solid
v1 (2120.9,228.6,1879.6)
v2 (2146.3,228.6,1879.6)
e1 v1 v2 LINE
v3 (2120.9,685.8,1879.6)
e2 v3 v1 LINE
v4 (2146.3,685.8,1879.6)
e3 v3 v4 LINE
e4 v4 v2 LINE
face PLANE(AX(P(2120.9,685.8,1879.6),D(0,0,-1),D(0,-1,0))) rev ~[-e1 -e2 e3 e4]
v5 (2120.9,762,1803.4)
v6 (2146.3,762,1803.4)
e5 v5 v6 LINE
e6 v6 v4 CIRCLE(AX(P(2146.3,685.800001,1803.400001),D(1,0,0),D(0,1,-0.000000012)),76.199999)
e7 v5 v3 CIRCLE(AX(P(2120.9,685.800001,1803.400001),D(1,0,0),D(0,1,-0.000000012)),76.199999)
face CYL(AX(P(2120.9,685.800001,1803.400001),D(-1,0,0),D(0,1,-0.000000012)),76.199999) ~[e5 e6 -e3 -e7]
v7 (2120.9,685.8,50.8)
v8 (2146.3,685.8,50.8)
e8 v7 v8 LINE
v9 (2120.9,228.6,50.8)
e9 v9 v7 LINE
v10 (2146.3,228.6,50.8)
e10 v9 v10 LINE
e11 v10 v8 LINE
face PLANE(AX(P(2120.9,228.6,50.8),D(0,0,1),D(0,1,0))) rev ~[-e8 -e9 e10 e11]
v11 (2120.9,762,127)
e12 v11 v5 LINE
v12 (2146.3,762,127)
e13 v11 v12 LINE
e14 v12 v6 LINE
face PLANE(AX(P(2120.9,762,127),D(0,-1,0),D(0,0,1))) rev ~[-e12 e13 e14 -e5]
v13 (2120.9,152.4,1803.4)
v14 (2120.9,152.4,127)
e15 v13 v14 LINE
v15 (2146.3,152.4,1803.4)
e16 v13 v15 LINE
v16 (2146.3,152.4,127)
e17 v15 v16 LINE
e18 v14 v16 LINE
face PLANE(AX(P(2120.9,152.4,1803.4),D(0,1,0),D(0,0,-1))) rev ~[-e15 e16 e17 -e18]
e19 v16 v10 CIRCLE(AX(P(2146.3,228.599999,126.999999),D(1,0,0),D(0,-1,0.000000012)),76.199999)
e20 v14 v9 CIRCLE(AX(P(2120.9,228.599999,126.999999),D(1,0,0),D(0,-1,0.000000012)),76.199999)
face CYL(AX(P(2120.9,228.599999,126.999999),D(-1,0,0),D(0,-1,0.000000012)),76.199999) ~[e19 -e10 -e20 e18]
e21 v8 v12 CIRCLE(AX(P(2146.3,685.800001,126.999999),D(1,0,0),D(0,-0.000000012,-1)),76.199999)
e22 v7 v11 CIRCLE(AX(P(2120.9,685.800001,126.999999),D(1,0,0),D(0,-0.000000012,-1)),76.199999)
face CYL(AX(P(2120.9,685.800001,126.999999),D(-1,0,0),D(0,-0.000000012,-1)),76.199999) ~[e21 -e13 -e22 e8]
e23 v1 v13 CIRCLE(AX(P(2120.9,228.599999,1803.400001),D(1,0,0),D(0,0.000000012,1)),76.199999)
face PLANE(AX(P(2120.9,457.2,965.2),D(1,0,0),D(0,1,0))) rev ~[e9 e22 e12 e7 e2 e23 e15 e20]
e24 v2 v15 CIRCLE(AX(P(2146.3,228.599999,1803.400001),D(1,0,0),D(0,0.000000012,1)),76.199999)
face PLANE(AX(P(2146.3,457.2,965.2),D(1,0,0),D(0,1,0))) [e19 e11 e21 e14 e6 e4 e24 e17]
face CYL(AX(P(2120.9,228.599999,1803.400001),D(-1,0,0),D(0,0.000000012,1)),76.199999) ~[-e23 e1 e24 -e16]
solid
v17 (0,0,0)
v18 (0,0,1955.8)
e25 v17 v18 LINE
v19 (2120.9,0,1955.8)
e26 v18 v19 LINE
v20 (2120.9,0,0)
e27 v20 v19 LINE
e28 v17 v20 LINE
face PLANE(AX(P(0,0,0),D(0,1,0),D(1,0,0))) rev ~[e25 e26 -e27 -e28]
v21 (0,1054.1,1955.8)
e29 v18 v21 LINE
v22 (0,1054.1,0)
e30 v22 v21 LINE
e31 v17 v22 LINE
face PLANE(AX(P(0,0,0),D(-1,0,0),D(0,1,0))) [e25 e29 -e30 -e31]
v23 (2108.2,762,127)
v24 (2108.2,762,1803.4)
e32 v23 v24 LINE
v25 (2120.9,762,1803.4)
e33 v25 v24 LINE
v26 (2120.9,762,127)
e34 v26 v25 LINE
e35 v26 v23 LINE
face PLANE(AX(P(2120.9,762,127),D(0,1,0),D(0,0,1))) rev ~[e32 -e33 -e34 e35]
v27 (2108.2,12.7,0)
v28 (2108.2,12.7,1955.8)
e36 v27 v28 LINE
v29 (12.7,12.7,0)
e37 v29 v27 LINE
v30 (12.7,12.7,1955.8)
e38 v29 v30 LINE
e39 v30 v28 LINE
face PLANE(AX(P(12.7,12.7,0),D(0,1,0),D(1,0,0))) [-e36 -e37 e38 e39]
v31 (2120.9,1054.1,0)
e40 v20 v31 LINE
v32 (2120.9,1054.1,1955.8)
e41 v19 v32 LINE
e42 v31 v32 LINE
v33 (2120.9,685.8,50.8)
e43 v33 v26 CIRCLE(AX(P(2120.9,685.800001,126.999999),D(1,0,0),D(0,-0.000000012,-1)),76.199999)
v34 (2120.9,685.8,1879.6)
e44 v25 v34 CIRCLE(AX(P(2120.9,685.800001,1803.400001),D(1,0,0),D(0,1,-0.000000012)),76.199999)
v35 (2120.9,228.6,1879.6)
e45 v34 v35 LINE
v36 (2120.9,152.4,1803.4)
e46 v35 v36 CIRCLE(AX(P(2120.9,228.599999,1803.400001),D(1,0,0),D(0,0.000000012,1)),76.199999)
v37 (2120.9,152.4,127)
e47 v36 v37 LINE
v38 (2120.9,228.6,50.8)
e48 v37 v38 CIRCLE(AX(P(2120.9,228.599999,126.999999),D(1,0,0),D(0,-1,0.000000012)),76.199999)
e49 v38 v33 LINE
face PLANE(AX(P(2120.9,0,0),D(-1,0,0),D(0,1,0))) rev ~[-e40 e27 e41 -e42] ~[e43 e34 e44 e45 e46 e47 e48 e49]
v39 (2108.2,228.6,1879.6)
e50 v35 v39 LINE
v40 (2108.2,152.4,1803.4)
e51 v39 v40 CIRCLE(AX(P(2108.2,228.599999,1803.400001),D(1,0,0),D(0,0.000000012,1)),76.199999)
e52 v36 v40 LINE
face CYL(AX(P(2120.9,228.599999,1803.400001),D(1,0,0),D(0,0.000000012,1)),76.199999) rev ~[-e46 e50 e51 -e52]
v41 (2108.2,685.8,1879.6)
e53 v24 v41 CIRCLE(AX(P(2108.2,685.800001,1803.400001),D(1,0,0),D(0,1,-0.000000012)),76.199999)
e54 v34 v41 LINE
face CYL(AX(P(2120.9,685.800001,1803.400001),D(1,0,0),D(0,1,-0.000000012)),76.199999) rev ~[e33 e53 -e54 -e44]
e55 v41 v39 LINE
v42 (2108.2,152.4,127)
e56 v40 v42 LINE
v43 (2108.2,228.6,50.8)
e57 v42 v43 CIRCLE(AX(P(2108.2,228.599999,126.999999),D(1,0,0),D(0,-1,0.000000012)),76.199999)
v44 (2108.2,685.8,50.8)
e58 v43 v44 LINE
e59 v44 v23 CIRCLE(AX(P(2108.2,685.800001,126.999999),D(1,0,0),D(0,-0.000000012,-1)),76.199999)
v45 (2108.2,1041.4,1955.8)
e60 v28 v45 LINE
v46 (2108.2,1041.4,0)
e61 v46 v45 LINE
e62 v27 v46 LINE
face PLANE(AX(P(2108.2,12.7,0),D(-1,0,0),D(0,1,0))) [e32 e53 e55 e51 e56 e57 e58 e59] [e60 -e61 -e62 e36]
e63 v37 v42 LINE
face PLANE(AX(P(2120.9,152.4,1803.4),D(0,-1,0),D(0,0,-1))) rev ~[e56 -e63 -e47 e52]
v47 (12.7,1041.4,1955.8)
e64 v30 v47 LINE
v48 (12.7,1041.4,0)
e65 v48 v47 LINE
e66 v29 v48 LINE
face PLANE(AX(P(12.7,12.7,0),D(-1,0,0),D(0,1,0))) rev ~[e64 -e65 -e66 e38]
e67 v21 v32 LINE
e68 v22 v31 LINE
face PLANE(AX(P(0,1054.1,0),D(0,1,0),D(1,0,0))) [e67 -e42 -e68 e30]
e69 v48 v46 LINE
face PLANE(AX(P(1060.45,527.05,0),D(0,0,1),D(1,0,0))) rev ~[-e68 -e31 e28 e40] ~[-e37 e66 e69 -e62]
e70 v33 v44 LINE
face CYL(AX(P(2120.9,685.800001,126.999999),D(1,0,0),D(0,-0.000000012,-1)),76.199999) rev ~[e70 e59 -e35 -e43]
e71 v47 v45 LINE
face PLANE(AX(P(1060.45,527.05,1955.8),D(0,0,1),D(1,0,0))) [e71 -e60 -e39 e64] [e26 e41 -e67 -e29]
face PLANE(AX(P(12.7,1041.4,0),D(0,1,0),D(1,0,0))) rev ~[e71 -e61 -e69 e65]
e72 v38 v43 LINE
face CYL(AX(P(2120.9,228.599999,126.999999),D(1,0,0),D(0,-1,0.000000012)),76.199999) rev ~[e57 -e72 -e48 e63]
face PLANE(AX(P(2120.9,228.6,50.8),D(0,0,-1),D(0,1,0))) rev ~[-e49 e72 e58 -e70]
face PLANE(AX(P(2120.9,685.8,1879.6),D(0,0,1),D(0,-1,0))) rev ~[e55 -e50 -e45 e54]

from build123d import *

# Parameters (mm, degrees)
F0_W     = 2120.9
F0_H     = 1054.1
F0_W_2   = 2095.5
F0_H_2   = 1028.7
F1_DEPTH = 1955.8
F3_DEPTH = 12.7
F5_DEPTH = 25.4


with BuildPart() as f1:
    # F0 (on Top) → F1 (new body)
    with BuildSketch(Plane.XY):
        with Locations((1060.45, 527.05)):
            Rectangle(F0_W, F0_H)
        with Locations((1060.45, 527.05)):
            Rectangle(F0_W_2, F0_H_2, mode=Mode.SUBTRACT)
    extrude(amount=F1_DEPTH)

    # F2 (on face) → F3 (cut, through all)
    with BuildSketch(Plane.YZ.offset(2120.9)):
        with BuildLine():
            ThreePointArc((152.4, 127), (174.718463, 73.118463), (228.6, 50.8))
            Line((228.6, 50.8), (685.8, 50.8))
            ThreePointArc((685.8, 50.8), (739.681537, 73.118463), (762, 127))
            Line((762, 127), (762, 1803.4))
            ThreePointArc((762, 1803.4), (739.681537, 1857.281537), (685.8, 1879.6))
            Line((685.8, 1879.6), (228.6, 1879.6))
            ThreePointArc((228.6, 1879.6), (174.718463, 1857.281537), (152.4, 1803.4))
            Line((152.4, 1803.4), (152.4, 127))
        make_face()
    extrude(amount=-F3_DEPTH, mode=Mode.SUBTRACT)


with BuildPart() as f5:
    # F4 (on face) → F5 (new body)
    with BuildSketch(Plane.YZ.offset(2120.9)):
        with BuildLine():
            ThreePointArc((228.6, 1879.6), (174.718463, 1857.281537), (152.4, 1803.4))
            Line((152.4, 1803.4), (152.4, 127))
            ThreePointArc((152.4, 127), (174.718463, 73.118463), (228.6, 50.8))
            Line((228.6, 50.8), (685.8, 50.8))
            ThreePointArc((685.8, 50.8), (739.681537, 73.118463), (762, 127))
            Line((762, 127), (762, 1803.4))
            ThreePointArc((762, 1803.4), (739.681537, 1857.281537), (685.8, 1879.6))
            Line((685.8, 1879.6), (228.6, 1879.6))
        make_face()
    extrude(amount=F5_DEPTH)


solid = Compound([f1.part, f5.part])
